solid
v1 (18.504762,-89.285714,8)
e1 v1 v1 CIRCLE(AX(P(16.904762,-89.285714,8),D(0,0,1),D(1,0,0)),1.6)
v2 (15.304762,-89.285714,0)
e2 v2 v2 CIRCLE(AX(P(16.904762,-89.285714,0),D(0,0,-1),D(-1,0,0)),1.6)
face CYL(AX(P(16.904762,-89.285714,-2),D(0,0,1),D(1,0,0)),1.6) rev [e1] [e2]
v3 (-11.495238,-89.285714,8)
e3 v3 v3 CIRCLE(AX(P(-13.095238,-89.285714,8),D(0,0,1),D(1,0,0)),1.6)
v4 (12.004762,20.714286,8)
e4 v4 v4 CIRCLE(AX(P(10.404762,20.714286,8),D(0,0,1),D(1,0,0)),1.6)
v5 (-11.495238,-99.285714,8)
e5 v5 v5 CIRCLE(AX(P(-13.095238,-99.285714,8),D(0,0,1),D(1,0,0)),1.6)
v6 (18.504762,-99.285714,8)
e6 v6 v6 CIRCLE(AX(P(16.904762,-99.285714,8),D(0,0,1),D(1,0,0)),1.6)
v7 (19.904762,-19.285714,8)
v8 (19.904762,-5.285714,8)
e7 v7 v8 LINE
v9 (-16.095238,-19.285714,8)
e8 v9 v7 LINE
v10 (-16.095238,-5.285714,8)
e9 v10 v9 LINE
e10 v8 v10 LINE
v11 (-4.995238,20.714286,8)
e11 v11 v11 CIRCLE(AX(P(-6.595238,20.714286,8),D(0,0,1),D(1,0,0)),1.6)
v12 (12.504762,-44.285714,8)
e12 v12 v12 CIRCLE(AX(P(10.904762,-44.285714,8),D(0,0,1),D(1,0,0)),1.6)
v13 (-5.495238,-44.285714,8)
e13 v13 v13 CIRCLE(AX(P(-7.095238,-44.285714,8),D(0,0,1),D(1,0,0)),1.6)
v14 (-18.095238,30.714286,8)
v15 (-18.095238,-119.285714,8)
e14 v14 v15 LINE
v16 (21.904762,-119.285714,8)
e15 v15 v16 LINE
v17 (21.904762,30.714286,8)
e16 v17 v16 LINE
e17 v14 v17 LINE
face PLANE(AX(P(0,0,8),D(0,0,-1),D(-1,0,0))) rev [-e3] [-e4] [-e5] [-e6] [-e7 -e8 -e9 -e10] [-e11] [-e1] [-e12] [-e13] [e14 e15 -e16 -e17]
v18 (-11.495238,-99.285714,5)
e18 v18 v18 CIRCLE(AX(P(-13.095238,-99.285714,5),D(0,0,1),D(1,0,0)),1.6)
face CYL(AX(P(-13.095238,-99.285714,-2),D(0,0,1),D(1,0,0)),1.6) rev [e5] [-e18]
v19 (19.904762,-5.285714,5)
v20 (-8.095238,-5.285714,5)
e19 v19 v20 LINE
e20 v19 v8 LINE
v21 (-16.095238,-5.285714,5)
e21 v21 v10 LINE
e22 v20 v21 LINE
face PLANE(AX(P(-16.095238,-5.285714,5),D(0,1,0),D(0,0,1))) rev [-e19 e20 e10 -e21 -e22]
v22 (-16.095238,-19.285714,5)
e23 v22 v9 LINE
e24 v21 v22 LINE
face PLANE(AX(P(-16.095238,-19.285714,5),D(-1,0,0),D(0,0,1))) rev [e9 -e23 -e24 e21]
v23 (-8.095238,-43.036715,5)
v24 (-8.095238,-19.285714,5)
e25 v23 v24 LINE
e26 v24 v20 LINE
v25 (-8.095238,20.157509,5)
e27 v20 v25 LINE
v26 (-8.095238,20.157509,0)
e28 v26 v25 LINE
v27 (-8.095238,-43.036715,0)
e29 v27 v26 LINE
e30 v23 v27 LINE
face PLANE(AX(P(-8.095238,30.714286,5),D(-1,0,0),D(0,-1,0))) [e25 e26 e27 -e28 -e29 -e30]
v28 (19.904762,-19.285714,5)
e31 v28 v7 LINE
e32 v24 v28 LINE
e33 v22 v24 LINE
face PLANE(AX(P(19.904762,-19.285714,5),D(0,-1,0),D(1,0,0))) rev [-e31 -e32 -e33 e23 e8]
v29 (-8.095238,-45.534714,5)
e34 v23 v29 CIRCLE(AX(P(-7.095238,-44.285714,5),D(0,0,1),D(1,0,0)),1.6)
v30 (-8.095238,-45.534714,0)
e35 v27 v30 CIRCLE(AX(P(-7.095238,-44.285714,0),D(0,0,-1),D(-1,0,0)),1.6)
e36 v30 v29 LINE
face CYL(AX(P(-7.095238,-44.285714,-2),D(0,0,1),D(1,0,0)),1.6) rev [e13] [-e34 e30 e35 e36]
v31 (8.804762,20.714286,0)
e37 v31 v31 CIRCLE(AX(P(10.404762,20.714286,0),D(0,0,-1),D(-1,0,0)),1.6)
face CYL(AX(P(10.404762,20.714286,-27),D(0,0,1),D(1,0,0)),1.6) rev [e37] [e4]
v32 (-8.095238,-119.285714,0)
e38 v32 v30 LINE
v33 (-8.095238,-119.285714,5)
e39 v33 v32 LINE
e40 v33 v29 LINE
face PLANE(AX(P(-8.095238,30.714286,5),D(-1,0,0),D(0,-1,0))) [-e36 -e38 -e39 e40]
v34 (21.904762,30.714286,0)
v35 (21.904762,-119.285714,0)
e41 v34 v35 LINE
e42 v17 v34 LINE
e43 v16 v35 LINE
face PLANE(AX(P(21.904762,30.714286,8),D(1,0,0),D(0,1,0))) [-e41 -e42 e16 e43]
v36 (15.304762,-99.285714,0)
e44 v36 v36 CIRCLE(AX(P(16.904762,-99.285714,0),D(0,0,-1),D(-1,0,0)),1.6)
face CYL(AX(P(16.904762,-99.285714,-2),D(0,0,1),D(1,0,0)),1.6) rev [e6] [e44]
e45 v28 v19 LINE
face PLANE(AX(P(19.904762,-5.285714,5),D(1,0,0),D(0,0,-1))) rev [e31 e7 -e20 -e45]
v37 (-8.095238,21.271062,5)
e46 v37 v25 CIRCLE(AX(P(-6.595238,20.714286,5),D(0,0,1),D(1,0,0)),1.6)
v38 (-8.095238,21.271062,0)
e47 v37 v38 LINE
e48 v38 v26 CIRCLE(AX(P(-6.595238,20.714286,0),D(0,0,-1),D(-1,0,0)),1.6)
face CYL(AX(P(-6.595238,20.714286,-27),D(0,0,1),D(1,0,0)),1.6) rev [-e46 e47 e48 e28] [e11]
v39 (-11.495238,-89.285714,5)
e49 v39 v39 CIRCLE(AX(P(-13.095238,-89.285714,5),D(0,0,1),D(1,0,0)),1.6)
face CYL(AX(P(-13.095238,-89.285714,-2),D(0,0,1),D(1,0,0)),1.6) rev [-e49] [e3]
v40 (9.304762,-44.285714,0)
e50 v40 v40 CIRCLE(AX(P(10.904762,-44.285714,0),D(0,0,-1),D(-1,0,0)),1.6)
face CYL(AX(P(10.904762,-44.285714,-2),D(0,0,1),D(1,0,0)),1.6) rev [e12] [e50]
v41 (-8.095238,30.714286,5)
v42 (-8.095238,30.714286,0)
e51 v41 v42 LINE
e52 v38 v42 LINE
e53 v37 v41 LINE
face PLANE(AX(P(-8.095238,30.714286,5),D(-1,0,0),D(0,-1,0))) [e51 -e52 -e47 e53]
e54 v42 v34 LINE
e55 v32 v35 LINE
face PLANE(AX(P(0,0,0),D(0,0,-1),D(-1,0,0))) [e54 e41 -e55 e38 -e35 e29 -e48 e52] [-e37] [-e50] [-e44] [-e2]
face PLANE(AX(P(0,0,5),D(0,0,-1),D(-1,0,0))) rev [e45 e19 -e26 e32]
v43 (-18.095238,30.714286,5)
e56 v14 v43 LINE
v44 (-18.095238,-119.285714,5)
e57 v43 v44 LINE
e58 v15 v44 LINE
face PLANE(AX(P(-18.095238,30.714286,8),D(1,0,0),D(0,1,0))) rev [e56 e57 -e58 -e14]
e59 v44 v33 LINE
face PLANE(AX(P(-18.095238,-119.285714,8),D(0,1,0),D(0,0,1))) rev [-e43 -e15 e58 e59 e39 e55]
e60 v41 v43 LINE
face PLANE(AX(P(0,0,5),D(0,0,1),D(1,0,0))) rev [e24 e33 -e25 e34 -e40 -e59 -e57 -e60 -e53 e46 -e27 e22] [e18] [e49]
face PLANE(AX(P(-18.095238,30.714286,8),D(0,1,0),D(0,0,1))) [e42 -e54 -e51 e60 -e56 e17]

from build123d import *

# Parameters (mm, degrees)
SKETCH1_W           = 40
SKETCH1_H           = 150
BOSS_EXTRUDE1_DEPTH = 8
SKETCH2_W           = 10
SKETCH2_H           = 150
CUT_EXTRUDE1_DEPTH  = 5
SKETCH5_R           = 1.6
CUT_EXTRUDE2_DEPTH  = 35
SKETCH6_W           = 36
SKETCH6_H           = 14
CUT_EXTRUDE3_DEPTH  = 3
SKETCH7_R           = 1.6
CUT_EXTRUDE4_DEPTH  = 10
SKETCH8_R           = 1.6
CUT_EXTRUDE5_DEPTH  = 10
SKETCH9_R           = 1.6
CUT_EXTRUDE6_DEPTH  = 10


with BuildPart() as part:
    # Sketch1 → Boss-Extrude1 (new body)
    with BuildSketch(Plane.XY):
        with Locations((1.904761905, -44.285714286)):
            Rectangle(SKETCH1_W, SKETCH1_H)
    extrude(amount=BOSS_EXTRUDE1_DEPTH)

    # Sketch2 → Cut-Extrude1 (cut)
    with BuildSketch(Plane.XY):
        with Locations((-13.095238095, -44.285714286)):
            Rectangle(SKETCH2_W, SKETCH2_H)
    extrude(amount=CUT_EXTRUDE1_DEPTH, mode=Mode.SUBTRACT)

    # Sketch5 → Cut-Extrude2 (cut)
    with BuildSketch(Plane.XY.offset(8)):
        with Locations((10.404761905, 20.714285714)):
            Circle(SKETCH5_R)
        with Locations((-6.595238095, 20.714285714)):
            Circle(SKETCH5_R)
    extrude(amount=-CUT_EXTRUDE2_DEPTH, mode=Mode.SUBTRACT)

    # Sketch6 → Cut-Extrude3 (cut)
    with BuildSketch(Plane.XY.offset(8)):
        with Locations((1.904761905, -12.285714286)):
            Rectangle(SKETCH6_W, SKETCH6_H)
    extrude(amount=-CUT_EXTRUDE3_DEPTH, mode=Mode.SUBTRACT)

    # Sketch7 → Cut-Extrude4 (cut)
    with BuildSketch(Plane.XY.offset(8)):
        with Locations((-7.095238095, -44.285714286)):
            Circle(SKETCH7_R)
        with Locations((10.904761905, -44.285714286)):
            Circle(SKETCH7_R)
    extrude(amount=-CUT_EXTRUDE4_DEPTH, mode=Mode.SUBTRACT)

    # Sketch8 → Cut-Extrude5 (cut)
    with BuildSketch(Plane.XY.offset(8)):
        with Locations((-13.095238095, -89.285714286)):
            Circle(SKETCH8_R)
        with Locations((16.904761905, -89.285714286)):
            Circle(SKETCH8_R)
    extrude(amount=-CUT_EXTRUDE5_DEPTH, mode=Mode.SUBTRACT)

    # Sketch9 → Cut-Extrude6 (cut)
    with BuildSketch(Plane.XY.offset(8)):
        with Locations((-13.095238095, -99.285714286)):
            Circle(SKETCH9_R)
        with Locations((16.904761905, -99.285714286)):
            Circle(SKETCH9_R)
    extrude(amount=-CUT_EXTRUDE6_DEPTH, mode=Mode.SUBTRACT)


solid = part.part
